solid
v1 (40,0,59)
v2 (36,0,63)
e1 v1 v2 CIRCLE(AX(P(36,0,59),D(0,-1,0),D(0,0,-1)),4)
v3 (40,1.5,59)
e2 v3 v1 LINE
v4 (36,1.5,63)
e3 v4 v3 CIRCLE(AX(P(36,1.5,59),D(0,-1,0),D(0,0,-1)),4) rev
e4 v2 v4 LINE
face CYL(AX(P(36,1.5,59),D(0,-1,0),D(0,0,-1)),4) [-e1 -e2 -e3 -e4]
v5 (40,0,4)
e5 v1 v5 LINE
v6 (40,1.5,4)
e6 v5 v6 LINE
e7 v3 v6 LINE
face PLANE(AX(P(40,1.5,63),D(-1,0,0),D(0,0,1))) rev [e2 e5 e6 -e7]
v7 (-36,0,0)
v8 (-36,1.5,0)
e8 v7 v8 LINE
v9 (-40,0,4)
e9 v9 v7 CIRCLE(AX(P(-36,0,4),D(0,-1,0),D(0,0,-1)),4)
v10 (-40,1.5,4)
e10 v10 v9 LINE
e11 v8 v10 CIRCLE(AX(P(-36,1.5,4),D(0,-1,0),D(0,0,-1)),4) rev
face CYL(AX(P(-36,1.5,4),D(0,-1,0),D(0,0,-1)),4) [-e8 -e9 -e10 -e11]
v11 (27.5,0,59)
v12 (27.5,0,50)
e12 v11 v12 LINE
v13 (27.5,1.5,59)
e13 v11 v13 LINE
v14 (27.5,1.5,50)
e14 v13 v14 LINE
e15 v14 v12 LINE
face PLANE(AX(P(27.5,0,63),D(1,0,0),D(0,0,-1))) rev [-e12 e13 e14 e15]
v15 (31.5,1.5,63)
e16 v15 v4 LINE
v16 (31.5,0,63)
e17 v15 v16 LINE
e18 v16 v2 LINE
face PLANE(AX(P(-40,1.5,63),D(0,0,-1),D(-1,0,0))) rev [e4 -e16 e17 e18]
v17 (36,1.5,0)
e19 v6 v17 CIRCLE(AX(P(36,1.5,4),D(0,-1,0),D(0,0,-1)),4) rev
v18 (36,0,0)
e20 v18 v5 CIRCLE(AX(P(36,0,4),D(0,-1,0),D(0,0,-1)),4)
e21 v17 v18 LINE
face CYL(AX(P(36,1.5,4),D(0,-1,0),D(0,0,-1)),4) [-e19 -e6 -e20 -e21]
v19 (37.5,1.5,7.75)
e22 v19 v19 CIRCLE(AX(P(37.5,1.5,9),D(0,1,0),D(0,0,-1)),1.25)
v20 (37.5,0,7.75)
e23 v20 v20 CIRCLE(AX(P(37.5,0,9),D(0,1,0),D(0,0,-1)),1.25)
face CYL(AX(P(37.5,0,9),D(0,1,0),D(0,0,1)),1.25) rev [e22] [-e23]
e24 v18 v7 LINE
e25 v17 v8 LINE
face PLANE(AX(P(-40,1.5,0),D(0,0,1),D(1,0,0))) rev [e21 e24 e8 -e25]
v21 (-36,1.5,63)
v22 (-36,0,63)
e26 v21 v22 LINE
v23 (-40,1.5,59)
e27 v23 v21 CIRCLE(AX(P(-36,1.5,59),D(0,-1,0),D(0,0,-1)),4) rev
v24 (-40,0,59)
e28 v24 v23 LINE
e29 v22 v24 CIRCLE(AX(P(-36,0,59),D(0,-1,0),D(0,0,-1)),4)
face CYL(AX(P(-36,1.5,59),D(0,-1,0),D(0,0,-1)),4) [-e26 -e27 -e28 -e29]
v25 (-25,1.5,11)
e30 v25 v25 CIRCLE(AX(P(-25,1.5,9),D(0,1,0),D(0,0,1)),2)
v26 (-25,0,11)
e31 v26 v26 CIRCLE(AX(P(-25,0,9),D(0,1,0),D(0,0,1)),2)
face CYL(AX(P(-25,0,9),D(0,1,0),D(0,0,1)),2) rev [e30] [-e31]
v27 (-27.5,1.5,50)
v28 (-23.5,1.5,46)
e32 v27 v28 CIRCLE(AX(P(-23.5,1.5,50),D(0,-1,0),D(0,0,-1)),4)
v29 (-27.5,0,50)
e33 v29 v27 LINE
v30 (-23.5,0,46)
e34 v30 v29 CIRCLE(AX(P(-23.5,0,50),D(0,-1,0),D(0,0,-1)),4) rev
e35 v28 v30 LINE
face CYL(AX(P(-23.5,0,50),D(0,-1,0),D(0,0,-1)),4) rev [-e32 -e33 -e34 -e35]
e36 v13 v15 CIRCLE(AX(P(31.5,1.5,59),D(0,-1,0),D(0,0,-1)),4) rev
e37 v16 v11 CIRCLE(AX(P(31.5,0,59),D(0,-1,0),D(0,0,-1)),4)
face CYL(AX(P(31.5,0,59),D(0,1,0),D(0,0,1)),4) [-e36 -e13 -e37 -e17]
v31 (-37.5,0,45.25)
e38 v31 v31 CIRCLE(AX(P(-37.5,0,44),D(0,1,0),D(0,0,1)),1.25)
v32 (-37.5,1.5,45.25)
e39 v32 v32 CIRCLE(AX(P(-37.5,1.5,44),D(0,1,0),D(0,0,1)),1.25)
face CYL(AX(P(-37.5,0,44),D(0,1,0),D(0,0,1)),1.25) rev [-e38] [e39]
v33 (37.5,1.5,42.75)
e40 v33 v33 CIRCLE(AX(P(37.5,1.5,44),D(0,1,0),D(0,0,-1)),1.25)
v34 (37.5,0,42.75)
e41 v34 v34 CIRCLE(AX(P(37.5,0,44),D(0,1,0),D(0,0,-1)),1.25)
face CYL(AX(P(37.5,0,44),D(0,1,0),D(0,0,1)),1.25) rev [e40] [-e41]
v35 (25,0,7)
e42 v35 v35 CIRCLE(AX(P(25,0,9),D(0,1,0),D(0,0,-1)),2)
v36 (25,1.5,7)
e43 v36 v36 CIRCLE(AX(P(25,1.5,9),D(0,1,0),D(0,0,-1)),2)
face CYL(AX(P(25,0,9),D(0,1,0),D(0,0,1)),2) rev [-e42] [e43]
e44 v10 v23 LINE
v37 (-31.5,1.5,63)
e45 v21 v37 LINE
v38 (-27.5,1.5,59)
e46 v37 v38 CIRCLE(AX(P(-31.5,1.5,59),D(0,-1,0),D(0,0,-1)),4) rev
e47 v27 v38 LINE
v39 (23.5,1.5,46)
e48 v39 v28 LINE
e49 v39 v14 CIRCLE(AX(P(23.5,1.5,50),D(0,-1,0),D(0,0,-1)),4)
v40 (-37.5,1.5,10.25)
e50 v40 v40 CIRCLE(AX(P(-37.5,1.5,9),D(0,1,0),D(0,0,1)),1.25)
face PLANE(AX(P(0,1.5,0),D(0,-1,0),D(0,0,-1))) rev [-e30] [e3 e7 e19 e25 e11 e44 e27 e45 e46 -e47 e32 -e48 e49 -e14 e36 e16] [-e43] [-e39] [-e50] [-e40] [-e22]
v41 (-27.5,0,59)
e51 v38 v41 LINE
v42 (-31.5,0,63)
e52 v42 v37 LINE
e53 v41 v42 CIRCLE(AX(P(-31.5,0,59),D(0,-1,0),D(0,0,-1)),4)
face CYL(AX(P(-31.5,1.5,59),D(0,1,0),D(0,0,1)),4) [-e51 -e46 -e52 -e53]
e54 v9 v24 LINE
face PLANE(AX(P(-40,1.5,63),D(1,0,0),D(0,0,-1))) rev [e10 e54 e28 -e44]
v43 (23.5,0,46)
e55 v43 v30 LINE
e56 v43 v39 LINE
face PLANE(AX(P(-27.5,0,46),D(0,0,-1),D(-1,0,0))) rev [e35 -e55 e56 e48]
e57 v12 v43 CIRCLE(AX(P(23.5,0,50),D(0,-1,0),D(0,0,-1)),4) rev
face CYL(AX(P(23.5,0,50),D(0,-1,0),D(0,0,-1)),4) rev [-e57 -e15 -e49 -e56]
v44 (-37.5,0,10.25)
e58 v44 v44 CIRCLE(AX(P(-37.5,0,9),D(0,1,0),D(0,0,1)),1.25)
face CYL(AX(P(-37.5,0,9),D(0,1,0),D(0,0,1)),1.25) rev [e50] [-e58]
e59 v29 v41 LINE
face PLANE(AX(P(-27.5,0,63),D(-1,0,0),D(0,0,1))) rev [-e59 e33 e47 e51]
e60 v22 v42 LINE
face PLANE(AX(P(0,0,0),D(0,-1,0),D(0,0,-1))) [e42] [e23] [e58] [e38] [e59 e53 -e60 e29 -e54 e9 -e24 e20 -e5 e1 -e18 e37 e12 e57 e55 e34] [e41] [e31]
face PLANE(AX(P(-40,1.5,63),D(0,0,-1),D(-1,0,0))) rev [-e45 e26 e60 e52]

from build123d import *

# Parameters (mm, degrees)
ESQUISSE1_W             = 80
ESQUISSE1_H             = 63
BOSS_EXTRU_1_DEPTH      = 1.5
ESQUISSE2_R             = 1.25
ESQUISSE2_R_2           = 2
ESQUISSE2_W             = 55
ESQUISSE2_H             = 17
ENL_V_MAT_EXTRU_1_DEPTH = 75.640806534
CONG_1_R                = 4


with BuildPart() as part:
    # Esquisse1 → Boss.-Extru.1 (new body)
    with BuildSketch(Plane(origin=(0, 0, 0), x_dir=(1, 0, 0), z_dir=(0, 1, 0))):
        with Locations((0, -31.5)):
            Rectangle(ESQUISSE1_W, ESQUISSE1_H)
    extrude(amount=BOSS_EXTRU_1_DEPTH)

    # Esquisse2 → Enlèv. mat.-Extru.1 (cut, through all)
    with BuildSketch(Plane(origin=(0, 1.5, 0), x_dir=(1, 0, 0), z_dir=(0, 1, 0))):
        with Locations(Location((-37.5, -44, 0), (0, 0, 270))):
            Circle(ESQUISSE2_R)
        with Locations(Location((-37.5, -9, 0), (0, 0, 270))):
            Circle(ESQUISSE2_R)
        with Locations(Location((-25, -9, 0), (0, 0, 270))):
            Circle(ESQUISSE2_R_2)
        with Locations(Location((25, -9, 0), (0, 0, 90))):
            Circle(ESQUISSE2_R_2)
        with Locations(Location((37.5, -9, 0), (0, 0, 90))):
            Circle(ESQUISSE2_R)
        with Locations(Location((37.5, -44, 0), (0, 0, 90))):
            Circle(ESQUISSE2_R)
        with Locations((0, -54.5)):
            Rectangle(ESQUISSE2_W, ESQUISSE2_H)
    extrude(amount=-ENL_V_MAT_EXTRU_1_DEPTH, mode=Mode.SUBTRACT)

    # Congé1
    cong_1_edges = [part.edges().sort_by_distance(p)[0] for p in [
        (-27.5, 0.75, 63),
        (-27.5, 0.75, 46),
        (27.5, 0.75, 46),
        (27.5, 0.75, 63),
        (-40, 0.75, 0),
        (40, 0.75, 0),
        (40, 0.75, 63),
        (-40, 0.75, 63),
    ]]
    fillet(cong_1_edges, radius=CONG_1_R)


solid = part.part
